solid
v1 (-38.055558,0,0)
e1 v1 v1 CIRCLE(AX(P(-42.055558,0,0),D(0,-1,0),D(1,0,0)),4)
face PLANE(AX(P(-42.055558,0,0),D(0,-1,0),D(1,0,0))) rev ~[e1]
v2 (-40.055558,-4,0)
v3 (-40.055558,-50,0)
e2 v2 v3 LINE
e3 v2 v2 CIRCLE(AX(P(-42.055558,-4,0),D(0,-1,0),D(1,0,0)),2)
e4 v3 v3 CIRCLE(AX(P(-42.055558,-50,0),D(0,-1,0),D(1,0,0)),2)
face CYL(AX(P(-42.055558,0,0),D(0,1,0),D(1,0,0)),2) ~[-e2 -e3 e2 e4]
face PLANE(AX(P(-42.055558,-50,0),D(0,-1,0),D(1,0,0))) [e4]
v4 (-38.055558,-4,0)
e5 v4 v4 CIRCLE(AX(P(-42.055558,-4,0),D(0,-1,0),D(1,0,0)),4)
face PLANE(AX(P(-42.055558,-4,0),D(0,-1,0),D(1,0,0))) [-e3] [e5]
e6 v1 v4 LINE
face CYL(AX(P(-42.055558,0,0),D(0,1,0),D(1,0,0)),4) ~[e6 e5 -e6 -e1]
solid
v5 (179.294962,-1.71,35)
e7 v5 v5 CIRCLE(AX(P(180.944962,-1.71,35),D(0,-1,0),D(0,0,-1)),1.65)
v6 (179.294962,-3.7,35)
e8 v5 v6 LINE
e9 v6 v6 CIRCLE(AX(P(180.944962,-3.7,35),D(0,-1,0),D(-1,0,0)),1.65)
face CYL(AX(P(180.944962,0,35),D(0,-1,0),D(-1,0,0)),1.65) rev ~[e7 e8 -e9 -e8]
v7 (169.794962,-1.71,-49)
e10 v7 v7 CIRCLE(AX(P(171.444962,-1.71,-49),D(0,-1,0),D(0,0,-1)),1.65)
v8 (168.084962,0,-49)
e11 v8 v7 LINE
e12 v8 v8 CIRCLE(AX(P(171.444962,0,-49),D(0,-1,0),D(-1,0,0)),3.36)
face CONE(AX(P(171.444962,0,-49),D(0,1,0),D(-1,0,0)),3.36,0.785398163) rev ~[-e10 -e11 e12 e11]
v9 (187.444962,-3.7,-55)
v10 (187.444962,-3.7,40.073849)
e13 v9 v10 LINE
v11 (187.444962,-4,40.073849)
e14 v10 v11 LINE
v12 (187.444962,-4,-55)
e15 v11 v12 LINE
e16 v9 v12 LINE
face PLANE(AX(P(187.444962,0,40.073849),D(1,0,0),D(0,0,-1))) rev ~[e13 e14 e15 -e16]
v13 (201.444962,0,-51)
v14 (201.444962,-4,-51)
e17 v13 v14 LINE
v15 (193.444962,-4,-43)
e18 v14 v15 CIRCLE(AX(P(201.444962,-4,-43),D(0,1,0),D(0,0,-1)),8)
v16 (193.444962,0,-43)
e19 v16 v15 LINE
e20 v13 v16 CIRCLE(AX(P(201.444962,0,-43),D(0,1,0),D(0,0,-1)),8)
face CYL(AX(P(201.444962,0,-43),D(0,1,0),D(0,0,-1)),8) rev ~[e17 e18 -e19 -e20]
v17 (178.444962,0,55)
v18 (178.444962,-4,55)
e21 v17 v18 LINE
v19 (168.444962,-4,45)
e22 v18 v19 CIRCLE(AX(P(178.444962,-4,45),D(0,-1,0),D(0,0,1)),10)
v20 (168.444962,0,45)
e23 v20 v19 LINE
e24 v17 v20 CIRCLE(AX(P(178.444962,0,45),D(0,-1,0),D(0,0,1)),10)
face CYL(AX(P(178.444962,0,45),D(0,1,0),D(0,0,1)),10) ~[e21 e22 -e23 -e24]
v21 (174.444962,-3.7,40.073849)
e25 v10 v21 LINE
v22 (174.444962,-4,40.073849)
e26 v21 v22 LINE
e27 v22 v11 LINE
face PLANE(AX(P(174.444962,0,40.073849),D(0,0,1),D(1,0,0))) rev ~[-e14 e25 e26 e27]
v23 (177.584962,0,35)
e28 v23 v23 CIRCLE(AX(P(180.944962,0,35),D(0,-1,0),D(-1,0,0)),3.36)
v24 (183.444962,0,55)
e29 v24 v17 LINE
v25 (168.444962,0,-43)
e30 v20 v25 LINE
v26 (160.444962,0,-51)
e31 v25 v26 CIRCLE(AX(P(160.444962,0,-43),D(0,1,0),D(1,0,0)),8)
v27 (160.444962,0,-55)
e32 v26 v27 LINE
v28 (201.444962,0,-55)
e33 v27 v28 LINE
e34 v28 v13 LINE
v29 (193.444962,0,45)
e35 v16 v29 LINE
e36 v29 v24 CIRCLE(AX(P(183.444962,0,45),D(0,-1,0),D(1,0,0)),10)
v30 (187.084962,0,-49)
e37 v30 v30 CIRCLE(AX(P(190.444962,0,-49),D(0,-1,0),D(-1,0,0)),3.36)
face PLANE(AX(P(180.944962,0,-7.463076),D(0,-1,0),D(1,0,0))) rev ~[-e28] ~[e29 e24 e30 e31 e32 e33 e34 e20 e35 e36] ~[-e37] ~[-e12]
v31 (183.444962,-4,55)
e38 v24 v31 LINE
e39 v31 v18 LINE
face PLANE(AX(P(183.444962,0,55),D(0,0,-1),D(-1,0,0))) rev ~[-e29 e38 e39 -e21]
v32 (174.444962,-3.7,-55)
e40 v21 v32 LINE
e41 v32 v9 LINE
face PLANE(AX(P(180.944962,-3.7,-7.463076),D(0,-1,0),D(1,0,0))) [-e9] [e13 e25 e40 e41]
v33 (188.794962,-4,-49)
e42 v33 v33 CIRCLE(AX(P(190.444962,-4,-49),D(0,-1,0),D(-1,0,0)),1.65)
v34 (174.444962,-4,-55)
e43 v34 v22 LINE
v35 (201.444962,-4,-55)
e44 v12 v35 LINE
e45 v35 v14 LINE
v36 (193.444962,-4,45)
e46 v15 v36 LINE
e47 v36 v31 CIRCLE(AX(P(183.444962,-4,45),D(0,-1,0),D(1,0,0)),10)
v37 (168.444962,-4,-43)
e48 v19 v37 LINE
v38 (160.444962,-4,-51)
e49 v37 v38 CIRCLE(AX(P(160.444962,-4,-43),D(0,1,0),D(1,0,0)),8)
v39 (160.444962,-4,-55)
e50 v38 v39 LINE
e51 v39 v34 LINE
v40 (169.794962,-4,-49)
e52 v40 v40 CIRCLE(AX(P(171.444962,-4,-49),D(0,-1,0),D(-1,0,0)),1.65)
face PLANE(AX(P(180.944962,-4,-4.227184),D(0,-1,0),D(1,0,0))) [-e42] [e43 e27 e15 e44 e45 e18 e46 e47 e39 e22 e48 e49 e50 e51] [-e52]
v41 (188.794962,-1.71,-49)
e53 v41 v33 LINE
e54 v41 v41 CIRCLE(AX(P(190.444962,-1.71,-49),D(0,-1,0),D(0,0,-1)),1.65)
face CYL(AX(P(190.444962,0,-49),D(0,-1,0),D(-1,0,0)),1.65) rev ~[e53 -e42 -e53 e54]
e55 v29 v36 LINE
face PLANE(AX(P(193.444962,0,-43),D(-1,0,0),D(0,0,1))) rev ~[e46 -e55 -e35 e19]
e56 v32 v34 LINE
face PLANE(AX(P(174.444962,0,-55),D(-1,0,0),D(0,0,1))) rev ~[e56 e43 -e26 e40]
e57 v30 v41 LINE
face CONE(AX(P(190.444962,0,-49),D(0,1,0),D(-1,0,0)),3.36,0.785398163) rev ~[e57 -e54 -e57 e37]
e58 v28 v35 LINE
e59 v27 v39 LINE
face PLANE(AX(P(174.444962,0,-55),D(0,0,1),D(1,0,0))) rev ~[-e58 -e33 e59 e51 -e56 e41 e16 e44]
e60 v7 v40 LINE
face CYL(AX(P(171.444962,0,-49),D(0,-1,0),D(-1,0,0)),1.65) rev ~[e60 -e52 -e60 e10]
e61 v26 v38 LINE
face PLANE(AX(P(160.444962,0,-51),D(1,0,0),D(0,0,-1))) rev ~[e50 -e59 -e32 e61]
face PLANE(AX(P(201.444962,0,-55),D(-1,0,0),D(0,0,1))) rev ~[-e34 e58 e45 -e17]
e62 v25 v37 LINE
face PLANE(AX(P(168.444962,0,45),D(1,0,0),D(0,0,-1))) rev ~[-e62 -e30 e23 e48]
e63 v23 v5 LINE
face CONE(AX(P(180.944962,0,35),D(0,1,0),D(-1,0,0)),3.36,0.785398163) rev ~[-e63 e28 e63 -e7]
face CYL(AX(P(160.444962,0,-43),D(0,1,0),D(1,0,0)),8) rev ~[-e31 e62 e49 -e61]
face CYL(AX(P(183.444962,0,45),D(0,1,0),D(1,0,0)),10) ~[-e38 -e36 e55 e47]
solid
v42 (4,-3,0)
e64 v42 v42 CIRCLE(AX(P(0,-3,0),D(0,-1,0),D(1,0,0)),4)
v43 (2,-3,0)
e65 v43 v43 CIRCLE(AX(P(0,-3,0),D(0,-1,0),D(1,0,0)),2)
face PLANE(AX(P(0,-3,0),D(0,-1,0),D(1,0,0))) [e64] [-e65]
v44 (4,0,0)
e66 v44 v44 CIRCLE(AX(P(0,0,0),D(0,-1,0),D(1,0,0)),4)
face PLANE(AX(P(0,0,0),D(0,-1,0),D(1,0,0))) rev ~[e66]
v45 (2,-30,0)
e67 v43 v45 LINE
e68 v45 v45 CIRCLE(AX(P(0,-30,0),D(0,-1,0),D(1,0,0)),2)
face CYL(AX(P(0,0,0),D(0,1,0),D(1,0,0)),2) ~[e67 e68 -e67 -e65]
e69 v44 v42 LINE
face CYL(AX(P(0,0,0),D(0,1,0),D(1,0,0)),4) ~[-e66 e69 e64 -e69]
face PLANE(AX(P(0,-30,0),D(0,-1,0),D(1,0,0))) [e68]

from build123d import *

# Parameters (mm, degrees)
F0_R           = 2
F1_DEPTH       = 80
F0_R_2         = 4
F2_DEPTH       = 3
F3_DEPTH       = 50
F5_DEPTH       = 4
F6_DEPTH       = 3.7
F7_D           = 3.3
F7_CSINK_D     = 6.72
F7_CSINK_ANGLE = 90
F8_D           = 3.3
F8_CSINK_D     = 6.72
F8_CSINK_ANGLE = 90
F9_DEPTH       = 50


with BuildPart() as f1:
    # F0 (on Front) → F1 (new body)
    with BuildSketch(Plane.XZ):
        Circle(F0_R)
    extrude(amount=F1_DEPTH)

    # F0 (on Front) → F2 (join)
    with BuildSketch(Plane.XZ):
        Circle(F0_R_2)
        Circle(F0_R, mode=Mode.SUBTRACT)
    extrude(amount=F2_DEPTH)

    # F3 (cut): a face of the model
    f3_faces = [f1.faces().sort_by_distance(p)[0] for p in [
        (0, -80, 0),
    ]]
    extrude(f3_faces, amount=-F3_DEPTH, mode=Mode.SUBTRACT)


with BuildPart() as f5:
    # F4 (on Front) → F5 (new body)
    with BuildSketch(Plane.XZ):
        with BuildLine():
            Line((160.4449624035, -55), (168.4449624035, -55))
            Line((168.4449624035, -55), (174.4449624035, -55))
            Line((174.4449624035, -55), (174.4449624035, 29.9261510372))
            Line((174.4449624035, 29.9261510372), (174.4449624035, 40.0738489628))
            Line((174.4449624035, 40.0738489628), (187.4449624035, 40.0738489628))
            Line((187.4449624035, 40.0738489628), (187.4449624035, 29.9261510372))
            Line((187.4449624035, 29.9261510372), (187.4449624035, -55))
            Line((187.4449624035, -55), (193.4449624035, -55))
            Line((193.4449624035, -55), (201.4449624035, -55))
            Line((201.4449624035, -55), (201.4449624035, -51))
            ThreePointArc((201.4449624035, -51), (195.788108154, -48.6568542495), (193.4449624035, -43))
            Line((193.4449624035, -43), (193.4449624035, 45))
            ThreePointArc((193.4449624035, 45), (190.5160302153, 52.0710678119), (183.4449624035, 55))
            Line((183.4449624035, 55), (178.4449624035, 55))
            ThreePointArc((178.4449624035, 55), (171.3738945916, 52.0710678119), (168.4449624035, 45))
            Line((168.4449624035, 45), (168.4449624035, -43))
            ThreePointArc((168.4449624035, -43), (166.101816653, -48.6568542495), (160.4449624035, -51))
            Line((160.4449624035, -51), (160.4449624035, -55))
        make_face()
    extrude(amount=F5_DEPTH)

    # F4 (on Front) → F6 (join)
    with BuildSketch(Plane.XZ):
        Polygon((174.4449624035, 29.9261510372), (174.4449624035, -55), (180.9449624035, -55), (187.4449624035, -55), (187.4449624035, 29.9261510372), (187.4449624035, 40.0738489628), (174.4449624035, 40.0738489628), align=None)
    extrude(amount=F6_DEPTH)

    # F7 (through all)
    with Locations(Plane(origin=(0, 0, 0), x_dir=(1, 0, 0), z_dir=(0, 1, 0))):
        with Locations((180.9449624035, -35)):
            CounterSinkHole(F7_D / 2, F7_CSINK_D / 2, counter_sink_angle=F7_CSINK_ANGLE)

    # F8 (through all)
    with Locations(Plane(origin=(0, 0, 0), x_dir=(1, 0, 0), z_dir=(0, 1, 0))):
        with Locations((190.4449624035, 49), (171.4449624035, 49)):
            CounterSinkHole(F8_D / 2, F8_CSINK_D / 2, counter_sink_angle=F8_CSINK_ANGLE)


with BuildPart() as f5b:
    # F0 (on Front) → F5, piece 2 (new body)
    with BuildSketch(Plane.XZ):
        with Locations((-42.0555584133, 0)):
            Circle(F0_R_2)
        with Locations((-42.0555584133, 0)):
            Circle(F0_R, mode=Mode.SUBTRACT)
    extrude(amount=F5_DEPTH)

    # F0 (on Front) → F9 (join)
    with BuildSketch(Plane.XZ):
        with Locations((-42.0555584133, 0)):
            Circle(F0_R)
    extrude(amount=F9_DEPTH)


solid = Compound([f1.part, f5.part, f5b.part])
